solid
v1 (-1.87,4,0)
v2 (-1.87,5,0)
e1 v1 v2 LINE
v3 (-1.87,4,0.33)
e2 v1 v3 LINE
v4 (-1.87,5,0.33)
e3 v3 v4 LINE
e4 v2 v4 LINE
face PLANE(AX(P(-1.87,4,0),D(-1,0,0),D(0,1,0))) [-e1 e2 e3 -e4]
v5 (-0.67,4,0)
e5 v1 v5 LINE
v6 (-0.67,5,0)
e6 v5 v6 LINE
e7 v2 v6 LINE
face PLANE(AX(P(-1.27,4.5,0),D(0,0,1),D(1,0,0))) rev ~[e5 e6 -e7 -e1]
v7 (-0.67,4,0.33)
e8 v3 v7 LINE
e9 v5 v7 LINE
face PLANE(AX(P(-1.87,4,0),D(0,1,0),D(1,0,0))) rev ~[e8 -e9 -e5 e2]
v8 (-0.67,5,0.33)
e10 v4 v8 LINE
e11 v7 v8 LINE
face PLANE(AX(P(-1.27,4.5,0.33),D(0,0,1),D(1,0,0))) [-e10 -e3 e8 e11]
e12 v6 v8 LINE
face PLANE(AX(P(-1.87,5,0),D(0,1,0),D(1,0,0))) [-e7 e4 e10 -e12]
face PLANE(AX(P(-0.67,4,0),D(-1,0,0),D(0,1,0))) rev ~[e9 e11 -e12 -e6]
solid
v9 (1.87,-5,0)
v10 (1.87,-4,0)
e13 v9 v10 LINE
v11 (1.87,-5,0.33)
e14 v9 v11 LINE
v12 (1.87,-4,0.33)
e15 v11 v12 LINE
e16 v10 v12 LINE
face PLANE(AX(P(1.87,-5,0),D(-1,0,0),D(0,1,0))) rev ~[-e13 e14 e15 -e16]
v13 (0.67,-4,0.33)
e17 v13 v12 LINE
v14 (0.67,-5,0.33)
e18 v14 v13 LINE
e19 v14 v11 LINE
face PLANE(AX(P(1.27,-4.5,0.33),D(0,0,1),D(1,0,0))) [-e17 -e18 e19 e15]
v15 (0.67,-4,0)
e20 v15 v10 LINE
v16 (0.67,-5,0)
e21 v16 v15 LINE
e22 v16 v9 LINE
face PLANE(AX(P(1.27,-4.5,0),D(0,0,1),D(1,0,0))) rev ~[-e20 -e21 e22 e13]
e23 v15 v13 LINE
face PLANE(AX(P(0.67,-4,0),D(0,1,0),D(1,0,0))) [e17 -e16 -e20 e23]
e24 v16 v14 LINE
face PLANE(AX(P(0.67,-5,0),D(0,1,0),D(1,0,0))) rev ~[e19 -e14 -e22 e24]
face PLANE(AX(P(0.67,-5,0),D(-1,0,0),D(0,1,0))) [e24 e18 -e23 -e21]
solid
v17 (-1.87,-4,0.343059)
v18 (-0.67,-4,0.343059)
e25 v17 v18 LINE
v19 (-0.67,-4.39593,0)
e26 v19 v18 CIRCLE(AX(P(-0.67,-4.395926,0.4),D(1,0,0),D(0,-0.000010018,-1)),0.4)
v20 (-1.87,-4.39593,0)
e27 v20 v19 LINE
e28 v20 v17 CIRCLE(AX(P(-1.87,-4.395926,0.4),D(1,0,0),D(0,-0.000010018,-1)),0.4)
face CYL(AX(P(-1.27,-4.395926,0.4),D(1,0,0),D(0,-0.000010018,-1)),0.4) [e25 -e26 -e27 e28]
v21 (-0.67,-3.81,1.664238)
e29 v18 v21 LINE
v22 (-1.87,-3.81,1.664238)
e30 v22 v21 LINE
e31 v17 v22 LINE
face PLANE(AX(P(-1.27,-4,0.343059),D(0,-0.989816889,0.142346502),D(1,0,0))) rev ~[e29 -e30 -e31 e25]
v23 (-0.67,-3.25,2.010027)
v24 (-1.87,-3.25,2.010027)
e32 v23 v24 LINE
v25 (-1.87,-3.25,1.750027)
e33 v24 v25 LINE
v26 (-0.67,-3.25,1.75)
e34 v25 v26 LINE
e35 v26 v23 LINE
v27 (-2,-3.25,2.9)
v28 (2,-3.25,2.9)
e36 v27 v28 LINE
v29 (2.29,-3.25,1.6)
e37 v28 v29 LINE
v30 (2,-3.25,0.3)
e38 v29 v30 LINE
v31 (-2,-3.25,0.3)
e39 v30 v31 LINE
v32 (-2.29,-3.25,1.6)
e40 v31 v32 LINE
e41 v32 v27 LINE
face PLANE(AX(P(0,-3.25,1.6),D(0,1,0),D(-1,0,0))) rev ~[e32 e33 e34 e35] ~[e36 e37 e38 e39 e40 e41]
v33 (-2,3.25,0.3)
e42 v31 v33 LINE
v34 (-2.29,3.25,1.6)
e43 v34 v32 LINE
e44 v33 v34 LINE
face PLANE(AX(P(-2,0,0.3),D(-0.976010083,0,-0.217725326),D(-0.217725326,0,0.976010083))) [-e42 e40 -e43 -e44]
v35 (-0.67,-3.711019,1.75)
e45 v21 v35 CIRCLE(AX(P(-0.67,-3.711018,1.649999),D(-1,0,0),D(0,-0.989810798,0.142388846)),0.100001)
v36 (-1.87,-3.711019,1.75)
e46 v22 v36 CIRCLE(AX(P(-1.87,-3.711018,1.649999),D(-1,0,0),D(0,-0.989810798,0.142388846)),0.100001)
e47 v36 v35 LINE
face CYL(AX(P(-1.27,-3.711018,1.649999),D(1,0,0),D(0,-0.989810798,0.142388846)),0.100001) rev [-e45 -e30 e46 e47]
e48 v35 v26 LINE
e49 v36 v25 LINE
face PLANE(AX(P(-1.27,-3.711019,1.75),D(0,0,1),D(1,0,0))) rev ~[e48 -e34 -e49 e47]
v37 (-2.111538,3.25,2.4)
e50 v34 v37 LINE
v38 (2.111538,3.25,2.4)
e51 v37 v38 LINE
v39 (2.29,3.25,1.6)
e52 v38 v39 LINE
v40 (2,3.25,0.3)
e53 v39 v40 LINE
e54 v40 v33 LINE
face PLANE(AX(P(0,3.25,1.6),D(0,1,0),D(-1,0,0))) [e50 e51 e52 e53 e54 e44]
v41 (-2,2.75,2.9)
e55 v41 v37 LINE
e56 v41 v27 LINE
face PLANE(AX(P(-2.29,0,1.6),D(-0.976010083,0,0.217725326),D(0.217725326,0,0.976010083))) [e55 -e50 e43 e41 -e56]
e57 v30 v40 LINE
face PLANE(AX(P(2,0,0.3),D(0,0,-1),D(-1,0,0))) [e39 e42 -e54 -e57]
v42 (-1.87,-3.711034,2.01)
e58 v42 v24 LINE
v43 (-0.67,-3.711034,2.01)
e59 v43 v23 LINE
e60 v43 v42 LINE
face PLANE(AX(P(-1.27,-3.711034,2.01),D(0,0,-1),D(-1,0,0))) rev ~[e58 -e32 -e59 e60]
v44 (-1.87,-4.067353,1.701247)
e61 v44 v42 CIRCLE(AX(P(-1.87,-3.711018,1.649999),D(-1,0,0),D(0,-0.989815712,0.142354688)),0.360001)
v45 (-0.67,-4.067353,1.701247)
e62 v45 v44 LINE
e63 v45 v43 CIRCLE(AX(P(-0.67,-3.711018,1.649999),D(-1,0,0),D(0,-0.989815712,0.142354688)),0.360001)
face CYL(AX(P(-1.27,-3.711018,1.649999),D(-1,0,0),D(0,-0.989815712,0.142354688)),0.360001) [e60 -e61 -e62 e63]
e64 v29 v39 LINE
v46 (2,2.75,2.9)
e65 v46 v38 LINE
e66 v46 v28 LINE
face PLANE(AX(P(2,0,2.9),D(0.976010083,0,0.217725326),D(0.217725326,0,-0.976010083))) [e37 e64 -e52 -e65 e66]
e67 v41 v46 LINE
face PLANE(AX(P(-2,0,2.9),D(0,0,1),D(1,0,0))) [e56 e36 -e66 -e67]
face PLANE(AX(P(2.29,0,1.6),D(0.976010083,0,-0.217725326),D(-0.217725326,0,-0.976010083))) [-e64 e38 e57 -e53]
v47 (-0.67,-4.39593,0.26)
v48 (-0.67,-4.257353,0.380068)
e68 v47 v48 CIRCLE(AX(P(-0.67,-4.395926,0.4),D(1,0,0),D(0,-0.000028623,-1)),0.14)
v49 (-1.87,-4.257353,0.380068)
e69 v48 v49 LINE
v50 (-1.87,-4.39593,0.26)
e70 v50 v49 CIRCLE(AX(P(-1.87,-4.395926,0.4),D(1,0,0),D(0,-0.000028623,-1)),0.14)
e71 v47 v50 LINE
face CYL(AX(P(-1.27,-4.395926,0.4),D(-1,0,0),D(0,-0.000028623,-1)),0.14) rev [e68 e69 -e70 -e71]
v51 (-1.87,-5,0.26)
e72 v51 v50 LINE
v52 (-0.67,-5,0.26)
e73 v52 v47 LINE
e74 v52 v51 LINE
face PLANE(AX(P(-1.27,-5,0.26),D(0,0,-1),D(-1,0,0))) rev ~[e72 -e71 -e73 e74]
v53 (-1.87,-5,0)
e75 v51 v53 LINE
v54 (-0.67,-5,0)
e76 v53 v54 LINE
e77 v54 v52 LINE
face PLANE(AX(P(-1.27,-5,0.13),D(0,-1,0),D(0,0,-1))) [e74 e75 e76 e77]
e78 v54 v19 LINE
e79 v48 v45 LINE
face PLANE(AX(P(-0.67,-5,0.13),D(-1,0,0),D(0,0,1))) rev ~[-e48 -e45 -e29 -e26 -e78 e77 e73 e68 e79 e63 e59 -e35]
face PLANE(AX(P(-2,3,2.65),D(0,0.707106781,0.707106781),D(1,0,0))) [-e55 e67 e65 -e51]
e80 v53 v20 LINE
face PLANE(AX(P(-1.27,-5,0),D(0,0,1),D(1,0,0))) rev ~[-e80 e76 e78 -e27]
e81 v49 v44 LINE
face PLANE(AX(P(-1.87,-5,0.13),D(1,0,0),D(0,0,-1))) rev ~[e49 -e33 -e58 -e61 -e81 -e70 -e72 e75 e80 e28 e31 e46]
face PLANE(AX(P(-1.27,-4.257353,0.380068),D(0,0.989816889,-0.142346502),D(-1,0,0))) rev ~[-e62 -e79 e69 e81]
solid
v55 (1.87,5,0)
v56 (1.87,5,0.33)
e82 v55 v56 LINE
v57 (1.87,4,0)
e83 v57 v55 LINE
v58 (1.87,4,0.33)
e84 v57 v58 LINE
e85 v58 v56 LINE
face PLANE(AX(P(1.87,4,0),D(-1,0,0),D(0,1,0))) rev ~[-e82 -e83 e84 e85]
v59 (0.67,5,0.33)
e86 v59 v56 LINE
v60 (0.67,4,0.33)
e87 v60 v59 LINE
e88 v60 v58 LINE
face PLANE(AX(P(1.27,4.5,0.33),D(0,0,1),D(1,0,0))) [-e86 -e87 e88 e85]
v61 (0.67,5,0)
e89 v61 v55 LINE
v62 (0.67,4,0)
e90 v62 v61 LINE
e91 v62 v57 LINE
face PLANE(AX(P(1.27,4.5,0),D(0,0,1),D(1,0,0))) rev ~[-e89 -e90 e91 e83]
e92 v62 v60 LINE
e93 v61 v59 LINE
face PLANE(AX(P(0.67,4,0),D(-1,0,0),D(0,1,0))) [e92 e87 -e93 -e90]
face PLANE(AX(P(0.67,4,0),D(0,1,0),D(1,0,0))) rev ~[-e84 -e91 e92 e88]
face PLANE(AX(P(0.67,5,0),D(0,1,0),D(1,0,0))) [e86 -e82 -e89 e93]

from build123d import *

# Parameters (mm, degrees)
SKETCH003_W  = 1.2
SKETCH003_H  = 1
PAD001_DEPTH = 0.33
SKETCH002_W  = 1.2
SKETCH002_H  = 0.26
PAD_DEPTH    = 3.25
CHAMFER_SIZE = 0.5


with BuildPart() as pins_pad:
    # Sketch003 → Pad001 (new body)
    with BuildSketch(Plane.XY):
        with Locations((1.27, -4.5)):
            Rectangle(SKETCH003_W, SKETCH003_H)
        with Locations((1.27, 4.5)):
            Rectangle(SKETCH003_W, SKETCH003_H)
        with Locations((-1.27, 4.5)):
            Rectangle(SKETCH003_W, SKETCH003_H)
    extrude(amount=PAD001_DEPTH)


with BuildPart() as pin1_sweep:
    # Sweep: sweep along a path in Sketch001
    with BuildLine(Plane.YZ) as sweep_path:
        Line((-5, 0), (-4.39593, 0))
        ThreePointArc((-4.39593, 0), (-4.133989, 0.097694), (-4, 0.343059))
        Line((-4, 0.343059), (-3.81, 1.664238))
        ThreePointArc((-3.81, 1.664238), (-3.776502, 1.725577), (-3.711019, 1.75))
        Line((-3.711019, 1.75), (-2.711019, 1.75))
    # Sketch002 → Sweep (sweep)
    with BuildSketch(Plane.XZ.offset(5)):
        with Locations((-1.27, 0.13)):
            Rectangle(SKETCH002_W, SKETCH002_H)
    sweep(path=sweep_path.line)


with BuildPart() as fusion:
    # Sketch → Pad (new body, symmetric)
    with BuildSketch(Plane(origin=(0, 0, 0), x_dir=(-1, 0, 0), z_dir=(0, 1, 0))):
        Polygon((-2, 2.9), (-2.29, 1.6), (-2, 0.3), (2, 0.3), (2.29, 1.6), (2, 2.9), align=None)
    extrude(amount=PAD_DEPTH, both=True)

    # Chamfer
    chamfer_edges = [fusion.edges().sort_by_distance(p)[0] for p in [
        (0, 3.25, 2.9),
    ]]
    chamfer(chamfer_edges, length=CHAMFER_SIZE)

    # Fusion: union Pins_Pad, Pin1_Sweep
    add(pins_pad.part)
    add(pin1_sweep.part)


solid = fusion.part
